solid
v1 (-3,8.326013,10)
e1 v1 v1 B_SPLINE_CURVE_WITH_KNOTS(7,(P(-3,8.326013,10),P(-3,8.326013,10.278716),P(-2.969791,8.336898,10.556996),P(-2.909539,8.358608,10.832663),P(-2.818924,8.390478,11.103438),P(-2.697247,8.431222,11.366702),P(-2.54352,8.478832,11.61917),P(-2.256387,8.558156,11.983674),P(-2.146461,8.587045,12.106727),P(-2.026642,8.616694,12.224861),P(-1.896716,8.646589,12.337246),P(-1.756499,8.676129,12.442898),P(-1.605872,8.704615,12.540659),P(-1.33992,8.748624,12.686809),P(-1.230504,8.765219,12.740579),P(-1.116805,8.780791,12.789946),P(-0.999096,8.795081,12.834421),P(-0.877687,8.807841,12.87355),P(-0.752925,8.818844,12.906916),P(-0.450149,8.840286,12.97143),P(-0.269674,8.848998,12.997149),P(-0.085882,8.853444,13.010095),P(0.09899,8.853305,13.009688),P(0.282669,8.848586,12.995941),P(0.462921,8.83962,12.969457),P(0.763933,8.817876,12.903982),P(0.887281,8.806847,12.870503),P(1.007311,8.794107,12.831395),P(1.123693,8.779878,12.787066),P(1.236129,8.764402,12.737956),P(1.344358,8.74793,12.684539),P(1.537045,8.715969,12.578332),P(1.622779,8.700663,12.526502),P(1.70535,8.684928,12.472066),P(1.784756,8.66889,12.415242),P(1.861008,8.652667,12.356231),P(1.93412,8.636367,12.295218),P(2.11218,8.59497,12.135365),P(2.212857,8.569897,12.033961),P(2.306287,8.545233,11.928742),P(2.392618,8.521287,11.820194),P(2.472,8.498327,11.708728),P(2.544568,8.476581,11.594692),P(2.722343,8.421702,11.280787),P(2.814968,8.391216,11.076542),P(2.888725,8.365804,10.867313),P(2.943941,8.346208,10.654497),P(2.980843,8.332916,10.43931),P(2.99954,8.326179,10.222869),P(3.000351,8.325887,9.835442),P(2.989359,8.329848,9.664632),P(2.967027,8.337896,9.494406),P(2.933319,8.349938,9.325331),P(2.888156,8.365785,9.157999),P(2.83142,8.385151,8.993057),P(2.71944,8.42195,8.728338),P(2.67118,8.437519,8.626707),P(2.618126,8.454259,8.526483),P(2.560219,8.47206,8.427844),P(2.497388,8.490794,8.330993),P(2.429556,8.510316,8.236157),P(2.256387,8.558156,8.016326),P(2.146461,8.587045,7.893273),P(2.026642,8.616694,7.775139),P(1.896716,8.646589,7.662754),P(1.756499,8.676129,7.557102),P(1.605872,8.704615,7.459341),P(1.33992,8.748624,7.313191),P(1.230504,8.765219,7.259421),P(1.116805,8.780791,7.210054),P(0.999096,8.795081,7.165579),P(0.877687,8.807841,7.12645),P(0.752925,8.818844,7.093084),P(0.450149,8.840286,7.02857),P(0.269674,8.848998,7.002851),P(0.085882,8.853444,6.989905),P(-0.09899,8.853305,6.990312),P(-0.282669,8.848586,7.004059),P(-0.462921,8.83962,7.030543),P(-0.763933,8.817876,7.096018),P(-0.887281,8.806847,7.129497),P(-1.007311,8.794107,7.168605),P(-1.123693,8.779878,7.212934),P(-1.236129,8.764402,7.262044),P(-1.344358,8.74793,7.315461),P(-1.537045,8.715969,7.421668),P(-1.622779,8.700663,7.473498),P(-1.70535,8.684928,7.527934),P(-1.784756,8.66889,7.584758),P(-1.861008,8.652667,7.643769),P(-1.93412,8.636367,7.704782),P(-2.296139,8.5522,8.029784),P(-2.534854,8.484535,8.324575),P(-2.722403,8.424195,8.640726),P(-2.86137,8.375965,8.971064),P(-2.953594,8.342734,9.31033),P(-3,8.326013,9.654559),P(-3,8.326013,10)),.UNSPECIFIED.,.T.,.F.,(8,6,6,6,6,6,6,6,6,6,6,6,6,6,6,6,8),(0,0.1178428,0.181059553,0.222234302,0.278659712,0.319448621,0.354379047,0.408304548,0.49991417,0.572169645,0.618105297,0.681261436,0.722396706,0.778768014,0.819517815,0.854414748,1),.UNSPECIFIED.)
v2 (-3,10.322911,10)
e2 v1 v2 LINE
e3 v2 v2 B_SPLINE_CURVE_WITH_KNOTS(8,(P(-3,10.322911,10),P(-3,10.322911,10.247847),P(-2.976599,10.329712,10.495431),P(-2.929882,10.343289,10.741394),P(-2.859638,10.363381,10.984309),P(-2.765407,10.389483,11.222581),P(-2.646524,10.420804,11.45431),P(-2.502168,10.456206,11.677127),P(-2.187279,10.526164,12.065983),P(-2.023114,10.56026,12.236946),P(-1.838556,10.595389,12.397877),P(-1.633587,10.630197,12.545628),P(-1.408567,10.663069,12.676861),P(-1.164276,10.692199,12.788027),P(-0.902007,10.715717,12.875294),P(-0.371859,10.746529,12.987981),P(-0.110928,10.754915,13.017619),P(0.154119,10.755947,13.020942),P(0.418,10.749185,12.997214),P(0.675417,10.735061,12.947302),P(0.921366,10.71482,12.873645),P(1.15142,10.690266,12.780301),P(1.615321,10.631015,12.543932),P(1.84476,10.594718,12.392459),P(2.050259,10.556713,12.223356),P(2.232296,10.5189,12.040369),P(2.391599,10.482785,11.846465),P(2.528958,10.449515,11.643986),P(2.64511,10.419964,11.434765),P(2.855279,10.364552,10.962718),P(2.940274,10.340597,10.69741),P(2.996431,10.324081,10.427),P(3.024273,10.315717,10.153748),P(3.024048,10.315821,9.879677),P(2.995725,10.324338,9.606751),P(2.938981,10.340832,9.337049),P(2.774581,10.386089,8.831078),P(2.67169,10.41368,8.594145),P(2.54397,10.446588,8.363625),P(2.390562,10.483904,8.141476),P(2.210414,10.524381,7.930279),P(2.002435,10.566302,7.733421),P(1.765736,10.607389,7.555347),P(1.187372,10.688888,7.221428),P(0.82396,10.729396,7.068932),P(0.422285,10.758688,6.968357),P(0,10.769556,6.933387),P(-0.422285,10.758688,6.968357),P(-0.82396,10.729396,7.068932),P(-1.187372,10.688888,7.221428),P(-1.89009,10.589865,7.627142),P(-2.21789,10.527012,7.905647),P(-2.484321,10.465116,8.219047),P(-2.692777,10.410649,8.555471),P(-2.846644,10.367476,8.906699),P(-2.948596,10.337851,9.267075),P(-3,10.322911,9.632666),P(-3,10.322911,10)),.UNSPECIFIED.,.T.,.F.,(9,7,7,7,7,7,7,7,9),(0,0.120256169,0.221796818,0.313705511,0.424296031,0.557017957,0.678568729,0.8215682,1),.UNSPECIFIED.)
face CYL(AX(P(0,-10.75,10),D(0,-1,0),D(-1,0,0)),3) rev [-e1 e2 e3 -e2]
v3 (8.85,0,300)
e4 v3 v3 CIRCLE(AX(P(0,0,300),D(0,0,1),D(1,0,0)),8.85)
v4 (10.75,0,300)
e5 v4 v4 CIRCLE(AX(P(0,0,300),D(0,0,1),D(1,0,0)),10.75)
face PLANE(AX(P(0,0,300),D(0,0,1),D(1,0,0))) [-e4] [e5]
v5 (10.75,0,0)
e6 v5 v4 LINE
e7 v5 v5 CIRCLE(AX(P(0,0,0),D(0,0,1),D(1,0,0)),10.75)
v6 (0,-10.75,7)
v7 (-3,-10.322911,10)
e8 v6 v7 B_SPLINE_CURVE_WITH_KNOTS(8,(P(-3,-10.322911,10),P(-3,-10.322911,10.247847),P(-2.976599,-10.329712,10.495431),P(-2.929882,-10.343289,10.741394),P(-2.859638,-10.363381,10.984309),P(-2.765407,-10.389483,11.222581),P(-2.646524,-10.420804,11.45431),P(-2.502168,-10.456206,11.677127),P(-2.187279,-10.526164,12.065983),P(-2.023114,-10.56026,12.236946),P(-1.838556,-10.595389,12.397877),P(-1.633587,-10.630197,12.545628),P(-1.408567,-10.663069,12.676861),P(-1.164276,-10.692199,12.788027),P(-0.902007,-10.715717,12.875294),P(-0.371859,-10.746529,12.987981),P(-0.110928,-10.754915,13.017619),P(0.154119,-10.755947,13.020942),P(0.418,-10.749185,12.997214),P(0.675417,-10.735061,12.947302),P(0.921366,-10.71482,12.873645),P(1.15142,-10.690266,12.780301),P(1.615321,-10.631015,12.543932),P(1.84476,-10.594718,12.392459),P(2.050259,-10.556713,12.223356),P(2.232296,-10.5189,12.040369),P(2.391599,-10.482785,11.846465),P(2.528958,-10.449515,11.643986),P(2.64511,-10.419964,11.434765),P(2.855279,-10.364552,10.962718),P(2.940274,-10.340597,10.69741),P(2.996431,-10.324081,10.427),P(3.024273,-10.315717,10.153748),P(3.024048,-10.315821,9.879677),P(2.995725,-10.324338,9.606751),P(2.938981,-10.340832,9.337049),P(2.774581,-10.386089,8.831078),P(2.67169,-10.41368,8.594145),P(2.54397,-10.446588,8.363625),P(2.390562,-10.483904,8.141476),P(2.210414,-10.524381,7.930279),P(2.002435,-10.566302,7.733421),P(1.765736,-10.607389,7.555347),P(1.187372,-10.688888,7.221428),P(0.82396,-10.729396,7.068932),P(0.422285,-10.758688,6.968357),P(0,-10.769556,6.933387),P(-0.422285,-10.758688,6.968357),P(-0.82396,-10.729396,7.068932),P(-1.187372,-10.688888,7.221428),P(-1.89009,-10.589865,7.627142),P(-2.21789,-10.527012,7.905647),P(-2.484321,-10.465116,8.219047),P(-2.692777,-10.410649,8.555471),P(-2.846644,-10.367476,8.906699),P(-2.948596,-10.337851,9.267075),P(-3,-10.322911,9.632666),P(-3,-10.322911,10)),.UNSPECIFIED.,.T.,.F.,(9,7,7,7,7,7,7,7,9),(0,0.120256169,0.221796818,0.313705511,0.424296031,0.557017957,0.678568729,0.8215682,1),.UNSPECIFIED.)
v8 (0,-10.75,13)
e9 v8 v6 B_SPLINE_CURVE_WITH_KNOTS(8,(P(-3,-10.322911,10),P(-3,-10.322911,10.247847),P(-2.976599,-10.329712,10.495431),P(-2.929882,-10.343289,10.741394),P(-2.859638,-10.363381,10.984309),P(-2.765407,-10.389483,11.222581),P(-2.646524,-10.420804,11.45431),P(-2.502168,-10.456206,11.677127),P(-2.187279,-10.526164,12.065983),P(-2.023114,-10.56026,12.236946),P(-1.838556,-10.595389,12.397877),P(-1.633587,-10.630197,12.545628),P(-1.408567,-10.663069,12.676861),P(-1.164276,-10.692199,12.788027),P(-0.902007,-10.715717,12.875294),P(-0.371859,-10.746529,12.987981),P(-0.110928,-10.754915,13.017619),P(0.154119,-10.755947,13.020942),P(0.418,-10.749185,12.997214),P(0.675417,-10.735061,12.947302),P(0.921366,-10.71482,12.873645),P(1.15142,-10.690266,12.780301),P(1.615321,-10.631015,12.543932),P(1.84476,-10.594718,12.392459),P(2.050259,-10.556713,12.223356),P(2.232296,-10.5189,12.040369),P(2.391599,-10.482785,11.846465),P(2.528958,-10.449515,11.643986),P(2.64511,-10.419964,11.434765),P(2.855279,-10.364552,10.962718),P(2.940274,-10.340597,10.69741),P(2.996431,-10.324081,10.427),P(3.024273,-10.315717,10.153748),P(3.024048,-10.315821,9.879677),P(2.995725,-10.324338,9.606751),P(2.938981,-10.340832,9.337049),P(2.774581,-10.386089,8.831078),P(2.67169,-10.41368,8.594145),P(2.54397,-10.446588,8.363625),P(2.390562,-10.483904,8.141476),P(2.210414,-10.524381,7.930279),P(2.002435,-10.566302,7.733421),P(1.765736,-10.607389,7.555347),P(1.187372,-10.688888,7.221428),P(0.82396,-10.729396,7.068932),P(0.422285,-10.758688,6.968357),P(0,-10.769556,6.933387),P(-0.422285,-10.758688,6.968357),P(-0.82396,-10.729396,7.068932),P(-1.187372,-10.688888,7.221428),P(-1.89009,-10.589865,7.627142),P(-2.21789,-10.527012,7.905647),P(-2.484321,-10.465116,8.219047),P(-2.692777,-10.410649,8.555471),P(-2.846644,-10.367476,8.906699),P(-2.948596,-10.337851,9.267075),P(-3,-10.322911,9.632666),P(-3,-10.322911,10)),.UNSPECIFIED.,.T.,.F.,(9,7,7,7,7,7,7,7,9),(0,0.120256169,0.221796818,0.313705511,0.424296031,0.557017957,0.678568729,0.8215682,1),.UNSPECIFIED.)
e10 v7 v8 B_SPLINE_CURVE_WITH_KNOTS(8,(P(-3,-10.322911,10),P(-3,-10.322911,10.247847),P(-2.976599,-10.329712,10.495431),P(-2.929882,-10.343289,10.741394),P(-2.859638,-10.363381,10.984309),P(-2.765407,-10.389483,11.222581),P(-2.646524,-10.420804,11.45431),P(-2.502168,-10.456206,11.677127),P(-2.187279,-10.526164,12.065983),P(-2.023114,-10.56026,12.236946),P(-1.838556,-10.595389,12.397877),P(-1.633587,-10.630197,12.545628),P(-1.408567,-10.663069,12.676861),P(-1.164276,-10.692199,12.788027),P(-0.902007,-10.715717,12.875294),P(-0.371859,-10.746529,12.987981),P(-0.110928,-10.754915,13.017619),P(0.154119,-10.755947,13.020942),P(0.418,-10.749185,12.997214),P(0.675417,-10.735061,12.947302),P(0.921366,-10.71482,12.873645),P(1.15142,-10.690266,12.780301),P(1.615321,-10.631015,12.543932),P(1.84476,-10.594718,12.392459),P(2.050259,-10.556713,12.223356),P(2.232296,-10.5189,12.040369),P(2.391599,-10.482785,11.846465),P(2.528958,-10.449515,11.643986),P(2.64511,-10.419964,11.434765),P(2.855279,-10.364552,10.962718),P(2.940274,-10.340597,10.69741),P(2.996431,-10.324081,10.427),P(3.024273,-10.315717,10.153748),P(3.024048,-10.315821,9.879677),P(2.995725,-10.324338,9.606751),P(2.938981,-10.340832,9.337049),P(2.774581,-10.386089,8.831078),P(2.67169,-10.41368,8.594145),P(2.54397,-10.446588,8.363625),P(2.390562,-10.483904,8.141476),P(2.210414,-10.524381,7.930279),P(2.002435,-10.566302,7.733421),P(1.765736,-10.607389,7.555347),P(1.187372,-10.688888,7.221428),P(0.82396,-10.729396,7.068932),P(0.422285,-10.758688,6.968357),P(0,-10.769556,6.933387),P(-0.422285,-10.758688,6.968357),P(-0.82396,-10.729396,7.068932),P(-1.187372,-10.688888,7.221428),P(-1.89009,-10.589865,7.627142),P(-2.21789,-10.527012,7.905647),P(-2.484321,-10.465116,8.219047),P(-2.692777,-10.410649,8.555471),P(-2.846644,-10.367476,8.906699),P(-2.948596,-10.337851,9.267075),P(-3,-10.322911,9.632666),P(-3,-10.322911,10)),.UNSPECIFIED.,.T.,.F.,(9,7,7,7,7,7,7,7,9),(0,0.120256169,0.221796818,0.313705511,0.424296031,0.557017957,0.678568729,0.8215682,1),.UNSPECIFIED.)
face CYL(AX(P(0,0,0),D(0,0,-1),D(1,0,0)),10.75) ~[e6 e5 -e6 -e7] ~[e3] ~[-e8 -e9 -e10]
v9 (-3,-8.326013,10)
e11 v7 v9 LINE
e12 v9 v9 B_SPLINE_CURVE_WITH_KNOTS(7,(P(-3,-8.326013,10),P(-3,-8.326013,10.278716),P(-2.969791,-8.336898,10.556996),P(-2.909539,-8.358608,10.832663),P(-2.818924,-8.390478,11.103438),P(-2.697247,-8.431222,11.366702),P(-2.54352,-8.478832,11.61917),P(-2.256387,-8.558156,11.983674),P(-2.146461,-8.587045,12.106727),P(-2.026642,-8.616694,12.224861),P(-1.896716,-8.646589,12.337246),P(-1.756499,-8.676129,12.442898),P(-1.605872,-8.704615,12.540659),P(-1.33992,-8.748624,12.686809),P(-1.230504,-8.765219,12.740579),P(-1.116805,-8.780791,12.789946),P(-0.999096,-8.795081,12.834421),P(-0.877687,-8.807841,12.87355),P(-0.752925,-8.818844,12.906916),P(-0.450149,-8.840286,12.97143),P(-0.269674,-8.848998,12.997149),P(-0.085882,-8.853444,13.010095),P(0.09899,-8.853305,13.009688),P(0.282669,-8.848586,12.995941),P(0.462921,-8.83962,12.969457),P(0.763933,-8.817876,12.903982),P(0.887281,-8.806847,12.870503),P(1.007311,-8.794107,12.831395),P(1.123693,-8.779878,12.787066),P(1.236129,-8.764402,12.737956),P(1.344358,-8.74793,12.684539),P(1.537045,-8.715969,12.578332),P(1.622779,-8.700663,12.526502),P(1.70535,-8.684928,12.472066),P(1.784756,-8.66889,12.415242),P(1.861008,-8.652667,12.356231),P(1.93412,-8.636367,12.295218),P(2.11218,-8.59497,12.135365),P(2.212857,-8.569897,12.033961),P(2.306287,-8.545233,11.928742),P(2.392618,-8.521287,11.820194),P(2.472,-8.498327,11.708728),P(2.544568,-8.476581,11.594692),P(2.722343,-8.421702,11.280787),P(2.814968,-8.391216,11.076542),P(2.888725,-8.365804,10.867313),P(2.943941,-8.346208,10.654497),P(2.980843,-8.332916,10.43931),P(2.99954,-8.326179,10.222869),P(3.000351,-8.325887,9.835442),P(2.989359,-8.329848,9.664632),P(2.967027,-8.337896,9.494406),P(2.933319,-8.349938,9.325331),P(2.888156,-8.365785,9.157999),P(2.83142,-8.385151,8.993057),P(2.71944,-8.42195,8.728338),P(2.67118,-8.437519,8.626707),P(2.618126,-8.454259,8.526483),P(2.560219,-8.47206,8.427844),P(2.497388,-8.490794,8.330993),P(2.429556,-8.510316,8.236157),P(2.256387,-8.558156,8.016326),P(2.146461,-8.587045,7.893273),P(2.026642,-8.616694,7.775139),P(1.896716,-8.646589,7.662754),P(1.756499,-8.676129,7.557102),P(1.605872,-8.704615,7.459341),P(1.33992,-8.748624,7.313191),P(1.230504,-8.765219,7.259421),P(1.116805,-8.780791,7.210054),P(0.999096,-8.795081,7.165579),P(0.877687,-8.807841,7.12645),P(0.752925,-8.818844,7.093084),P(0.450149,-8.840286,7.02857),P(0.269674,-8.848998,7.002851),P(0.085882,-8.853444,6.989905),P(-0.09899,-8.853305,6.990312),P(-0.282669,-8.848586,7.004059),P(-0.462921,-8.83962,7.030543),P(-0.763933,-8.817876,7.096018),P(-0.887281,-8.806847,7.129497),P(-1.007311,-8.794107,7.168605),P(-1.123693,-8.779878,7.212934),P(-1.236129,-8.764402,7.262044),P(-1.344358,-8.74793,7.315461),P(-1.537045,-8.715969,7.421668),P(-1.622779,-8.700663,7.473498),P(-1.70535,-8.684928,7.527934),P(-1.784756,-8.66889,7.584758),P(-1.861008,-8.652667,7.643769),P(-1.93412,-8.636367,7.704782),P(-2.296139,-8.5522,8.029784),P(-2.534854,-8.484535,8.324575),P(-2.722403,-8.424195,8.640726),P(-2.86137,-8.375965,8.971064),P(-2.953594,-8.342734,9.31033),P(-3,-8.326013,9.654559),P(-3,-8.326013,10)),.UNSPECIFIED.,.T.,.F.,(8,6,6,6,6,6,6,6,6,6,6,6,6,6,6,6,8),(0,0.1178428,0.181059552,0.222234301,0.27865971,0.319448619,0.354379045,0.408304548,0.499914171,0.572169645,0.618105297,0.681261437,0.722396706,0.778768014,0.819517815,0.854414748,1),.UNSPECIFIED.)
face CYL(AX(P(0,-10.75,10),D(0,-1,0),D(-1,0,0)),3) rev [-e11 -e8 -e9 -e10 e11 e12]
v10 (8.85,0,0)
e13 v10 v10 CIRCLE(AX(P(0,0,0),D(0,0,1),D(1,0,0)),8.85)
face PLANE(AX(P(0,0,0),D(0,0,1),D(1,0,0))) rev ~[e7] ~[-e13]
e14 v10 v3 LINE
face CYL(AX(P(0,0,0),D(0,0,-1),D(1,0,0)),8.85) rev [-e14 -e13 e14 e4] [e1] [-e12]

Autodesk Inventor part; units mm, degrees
ref_plane "YZ Plane" through (0, 0, 0) normal (1, 0, 0) x (0, 1, 0)
ref_plane "XY Plane" through (0, 0, 0) normal (0, 0, 1) x (1, 0, 0)
sketch "Sketch1" plane through (0, 0, 0) normal (0, 0, 1) x (1, 0, 0)
  circle A0 centre (0, 0) radius 10.75
  circle A1 centre (0, 0) radius 8.85
  dimension "d0" = 21.5
  dimension "d1" = 17.7
extrude "Extrusion1" add sketch "Sketch1" along normal blind 300
ref_plane "Work Plane1" through (0, -10.75, 0) normal (0, 1, 0) x (-1, 0, 0)
sketch "Sketch2" plane through (0, -10.75, 0) normal (0, 1, 0) x (-1, 0, 0)
  circle A0 centre (0, 10) radius 3
  line L0 (0, -60) -> (0, 360) projected
  point P0 (0, 0)
  dimension "d4" = 6
  dimension "d5" = 10
extrude "Extrusion2" cut sketch "Sketch2" along normal through all
properties part number "Shifter PVC" material "PVC-Piping"
